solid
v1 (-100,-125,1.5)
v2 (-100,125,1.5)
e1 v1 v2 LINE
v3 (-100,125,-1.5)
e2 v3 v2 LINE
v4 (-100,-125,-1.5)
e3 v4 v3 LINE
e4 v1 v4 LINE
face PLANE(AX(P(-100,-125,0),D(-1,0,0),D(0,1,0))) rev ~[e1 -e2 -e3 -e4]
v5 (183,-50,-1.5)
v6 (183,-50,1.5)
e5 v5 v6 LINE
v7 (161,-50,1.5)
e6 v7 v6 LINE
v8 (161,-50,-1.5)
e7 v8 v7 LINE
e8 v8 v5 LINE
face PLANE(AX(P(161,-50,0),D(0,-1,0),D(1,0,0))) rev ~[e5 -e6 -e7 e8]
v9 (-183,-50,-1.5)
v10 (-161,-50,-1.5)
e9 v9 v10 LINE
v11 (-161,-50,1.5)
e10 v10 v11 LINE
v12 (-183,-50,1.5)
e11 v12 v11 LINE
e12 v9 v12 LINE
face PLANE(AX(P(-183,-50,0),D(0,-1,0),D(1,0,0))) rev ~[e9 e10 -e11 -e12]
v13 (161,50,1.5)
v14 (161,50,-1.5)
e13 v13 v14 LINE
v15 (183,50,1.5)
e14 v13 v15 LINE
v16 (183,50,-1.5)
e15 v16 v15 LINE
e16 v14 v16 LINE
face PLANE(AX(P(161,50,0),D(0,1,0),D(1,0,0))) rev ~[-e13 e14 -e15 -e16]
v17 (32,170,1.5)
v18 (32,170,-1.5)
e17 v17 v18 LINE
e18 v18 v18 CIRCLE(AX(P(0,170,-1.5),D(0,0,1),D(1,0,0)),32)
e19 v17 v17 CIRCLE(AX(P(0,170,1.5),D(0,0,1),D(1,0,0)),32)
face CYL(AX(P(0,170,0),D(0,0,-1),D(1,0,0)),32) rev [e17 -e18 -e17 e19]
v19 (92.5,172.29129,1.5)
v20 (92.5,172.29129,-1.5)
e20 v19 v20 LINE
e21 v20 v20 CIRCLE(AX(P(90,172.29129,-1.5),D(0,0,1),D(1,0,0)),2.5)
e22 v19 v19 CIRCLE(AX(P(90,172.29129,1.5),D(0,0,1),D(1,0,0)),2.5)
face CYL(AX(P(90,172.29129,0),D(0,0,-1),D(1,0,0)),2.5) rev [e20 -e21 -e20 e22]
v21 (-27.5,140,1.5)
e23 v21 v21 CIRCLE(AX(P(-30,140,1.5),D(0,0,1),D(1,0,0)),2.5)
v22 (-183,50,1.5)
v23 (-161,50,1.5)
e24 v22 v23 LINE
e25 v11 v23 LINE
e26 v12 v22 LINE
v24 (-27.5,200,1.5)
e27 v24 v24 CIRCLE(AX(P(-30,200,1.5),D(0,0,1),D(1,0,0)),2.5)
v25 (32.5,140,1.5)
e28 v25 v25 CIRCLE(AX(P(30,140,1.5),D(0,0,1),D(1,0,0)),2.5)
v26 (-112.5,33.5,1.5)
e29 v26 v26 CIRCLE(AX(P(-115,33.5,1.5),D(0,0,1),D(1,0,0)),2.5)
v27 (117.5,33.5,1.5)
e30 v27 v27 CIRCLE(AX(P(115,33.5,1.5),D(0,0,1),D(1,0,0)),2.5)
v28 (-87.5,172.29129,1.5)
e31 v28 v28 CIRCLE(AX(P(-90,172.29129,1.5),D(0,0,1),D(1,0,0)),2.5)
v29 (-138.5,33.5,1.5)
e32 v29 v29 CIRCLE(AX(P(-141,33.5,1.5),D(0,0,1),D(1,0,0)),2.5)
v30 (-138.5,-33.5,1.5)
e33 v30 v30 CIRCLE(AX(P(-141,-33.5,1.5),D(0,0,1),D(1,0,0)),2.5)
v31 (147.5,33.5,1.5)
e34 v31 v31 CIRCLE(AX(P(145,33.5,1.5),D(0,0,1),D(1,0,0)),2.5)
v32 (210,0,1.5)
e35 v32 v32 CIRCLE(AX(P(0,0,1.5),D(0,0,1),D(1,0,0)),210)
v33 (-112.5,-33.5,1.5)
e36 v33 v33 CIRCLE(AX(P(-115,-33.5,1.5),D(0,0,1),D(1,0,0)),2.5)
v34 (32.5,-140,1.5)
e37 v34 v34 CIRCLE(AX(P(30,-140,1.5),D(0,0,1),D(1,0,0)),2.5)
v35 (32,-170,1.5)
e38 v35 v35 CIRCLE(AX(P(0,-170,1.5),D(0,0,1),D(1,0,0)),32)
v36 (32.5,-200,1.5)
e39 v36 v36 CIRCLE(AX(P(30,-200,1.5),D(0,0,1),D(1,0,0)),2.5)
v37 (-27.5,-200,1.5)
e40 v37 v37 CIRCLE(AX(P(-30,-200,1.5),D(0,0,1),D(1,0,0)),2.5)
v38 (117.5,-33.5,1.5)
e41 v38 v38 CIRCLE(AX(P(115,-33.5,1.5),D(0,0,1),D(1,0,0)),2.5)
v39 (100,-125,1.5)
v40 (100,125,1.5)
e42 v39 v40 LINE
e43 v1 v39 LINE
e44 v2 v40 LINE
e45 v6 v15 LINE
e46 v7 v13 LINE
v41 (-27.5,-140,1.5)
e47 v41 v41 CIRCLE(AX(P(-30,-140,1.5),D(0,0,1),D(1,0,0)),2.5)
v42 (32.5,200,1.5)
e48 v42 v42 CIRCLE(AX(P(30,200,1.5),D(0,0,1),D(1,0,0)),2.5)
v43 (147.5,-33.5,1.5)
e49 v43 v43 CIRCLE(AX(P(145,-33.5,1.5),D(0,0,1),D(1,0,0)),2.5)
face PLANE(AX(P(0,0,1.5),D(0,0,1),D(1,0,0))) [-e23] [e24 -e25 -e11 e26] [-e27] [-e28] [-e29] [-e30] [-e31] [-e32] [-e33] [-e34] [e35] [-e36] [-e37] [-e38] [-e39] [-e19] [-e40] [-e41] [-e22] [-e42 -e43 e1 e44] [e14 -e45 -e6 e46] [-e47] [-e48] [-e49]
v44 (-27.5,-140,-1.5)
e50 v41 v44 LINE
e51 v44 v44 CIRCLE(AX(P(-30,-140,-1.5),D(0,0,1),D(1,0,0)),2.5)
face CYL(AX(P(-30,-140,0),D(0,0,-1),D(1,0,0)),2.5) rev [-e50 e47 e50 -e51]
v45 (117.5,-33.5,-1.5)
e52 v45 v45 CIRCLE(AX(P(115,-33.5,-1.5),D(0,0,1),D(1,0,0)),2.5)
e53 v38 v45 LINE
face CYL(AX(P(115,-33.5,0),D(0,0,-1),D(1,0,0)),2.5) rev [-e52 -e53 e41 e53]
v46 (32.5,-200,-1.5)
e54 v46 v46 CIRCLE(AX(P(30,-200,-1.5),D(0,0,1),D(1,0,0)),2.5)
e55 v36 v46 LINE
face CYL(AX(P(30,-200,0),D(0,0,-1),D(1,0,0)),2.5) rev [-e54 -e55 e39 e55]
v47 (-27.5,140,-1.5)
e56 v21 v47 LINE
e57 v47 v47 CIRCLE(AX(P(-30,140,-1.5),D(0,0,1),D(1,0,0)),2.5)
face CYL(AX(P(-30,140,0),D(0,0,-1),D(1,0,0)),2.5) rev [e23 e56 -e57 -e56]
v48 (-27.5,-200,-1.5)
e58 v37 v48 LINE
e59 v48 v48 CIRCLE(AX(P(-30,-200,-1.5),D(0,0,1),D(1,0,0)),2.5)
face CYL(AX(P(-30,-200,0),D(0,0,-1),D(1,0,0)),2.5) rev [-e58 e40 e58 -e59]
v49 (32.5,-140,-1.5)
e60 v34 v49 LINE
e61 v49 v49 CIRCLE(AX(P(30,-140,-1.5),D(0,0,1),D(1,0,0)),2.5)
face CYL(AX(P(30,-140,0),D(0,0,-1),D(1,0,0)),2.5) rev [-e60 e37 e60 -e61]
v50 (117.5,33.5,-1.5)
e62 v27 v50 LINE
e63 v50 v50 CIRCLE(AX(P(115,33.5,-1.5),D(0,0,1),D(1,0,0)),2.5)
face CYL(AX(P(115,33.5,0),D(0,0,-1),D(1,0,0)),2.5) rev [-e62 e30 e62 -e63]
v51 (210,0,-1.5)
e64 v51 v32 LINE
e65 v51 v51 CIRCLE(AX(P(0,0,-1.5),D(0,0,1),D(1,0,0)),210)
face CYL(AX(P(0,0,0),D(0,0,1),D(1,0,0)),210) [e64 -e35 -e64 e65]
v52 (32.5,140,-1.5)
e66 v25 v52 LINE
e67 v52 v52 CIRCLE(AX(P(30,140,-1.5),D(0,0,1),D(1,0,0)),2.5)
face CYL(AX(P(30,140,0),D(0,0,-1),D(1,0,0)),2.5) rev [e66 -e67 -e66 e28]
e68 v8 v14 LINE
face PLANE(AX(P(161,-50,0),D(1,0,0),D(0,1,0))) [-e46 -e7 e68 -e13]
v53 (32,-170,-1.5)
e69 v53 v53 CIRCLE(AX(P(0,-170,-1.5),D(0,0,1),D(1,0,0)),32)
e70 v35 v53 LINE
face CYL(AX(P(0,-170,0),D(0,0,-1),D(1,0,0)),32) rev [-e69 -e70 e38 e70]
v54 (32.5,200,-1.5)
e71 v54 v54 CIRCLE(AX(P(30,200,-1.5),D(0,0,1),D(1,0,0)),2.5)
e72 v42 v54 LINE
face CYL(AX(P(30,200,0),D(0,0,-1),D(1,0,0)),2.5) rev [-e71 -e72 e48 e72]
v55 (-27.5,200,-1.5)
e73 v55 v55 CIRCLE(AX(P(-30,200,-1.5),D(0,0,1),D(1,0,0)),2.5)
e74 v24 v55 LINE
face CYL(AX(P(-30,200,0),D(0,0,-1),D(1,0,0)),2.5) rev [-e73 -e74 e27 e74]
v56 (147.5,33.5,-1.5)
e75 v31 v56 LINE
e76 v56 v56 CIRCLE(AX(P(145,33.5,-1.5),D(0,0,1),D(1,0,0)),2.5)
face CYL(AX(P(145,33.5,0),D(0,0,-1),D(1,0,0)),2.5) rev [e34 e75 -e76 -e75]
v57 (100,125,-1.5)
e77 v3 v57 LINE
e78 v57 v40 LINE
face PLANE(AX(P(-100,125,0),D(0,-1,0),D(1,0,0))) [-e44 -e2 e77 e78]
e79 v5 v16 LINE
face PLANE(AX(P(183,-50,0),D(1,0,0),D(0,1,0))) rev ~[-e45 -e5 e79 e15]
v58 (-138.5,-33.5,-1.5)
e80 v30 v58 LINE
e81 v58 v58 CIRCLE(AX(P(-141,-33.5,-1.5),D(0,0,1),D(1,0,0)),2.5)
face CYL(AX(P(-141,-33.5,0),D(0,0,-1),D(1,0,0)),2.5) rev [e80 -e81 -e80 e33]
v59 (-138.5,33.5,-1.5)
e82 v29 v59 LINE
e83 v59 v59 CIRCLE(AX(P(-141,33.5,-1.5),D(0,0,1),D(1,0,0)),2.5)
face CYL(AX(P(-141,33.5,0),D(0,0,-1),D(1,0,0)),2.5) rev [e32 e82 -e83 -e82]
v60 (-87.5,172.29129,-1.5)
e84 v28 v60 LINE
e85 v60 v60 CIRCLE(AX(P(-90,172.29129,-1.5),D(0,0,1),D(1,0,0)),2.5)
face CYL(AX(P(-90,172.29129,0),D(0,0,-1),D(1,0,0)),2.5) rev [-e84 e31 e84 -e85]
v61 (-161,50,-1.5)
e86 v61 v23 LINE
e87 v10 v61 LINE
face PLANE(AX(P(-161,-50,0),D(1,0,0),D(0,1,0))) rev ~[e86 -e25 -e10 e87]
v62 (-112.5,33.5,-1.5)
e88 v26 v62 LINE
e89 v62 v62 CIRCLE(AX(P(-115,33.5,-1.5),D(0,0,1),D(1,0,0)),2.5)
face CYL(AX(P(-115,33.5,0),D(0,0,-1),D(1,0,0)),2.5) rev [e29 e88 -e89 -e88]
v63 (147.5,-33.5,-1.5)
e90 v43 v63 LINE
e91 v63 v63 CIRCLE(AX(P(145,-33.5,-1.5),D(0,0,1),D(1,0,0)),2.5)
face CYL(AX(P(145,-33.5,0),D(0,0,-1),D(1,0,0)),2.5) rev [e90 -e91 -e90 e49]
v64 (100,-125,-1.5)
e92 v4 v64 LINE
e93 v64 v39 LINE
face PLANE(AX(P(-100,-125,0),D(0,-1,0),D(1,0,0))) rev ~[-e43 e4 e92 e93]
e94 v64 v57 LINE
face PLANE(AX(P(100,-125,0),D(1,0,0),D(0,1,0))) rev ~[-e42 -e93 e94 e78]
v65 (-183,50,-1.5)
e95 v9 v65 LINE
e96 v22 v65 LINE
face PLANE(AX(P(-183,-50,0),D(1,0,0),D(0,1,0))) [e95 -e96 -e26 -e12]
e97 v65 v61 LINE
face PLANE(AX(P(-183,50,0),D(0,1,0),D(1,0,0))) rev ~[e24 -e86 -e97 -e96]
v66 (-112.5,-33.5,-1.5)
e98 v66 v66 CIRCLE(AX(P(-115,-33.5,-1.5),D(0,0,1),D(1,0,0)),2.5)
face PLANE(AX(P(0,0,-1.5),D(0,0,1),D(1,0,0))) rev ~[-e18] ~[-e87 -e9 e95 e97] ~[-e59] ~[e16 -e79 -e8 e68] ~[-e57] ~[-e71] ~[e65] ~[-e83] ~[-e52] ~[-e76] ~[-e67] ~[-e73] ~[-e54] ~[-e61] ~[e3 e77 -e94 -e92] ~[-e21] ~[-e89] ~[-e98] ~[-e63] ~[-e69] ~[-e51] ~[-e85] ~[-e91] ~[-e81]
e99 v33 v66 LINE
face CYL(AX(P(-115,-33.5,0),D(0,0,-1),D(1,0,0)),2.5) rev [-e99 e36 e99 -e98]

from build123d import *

# Parameters (mm, degrees)
SKETCH_R   = 210
SKETCH_R_2 = 32
SKETCH_R_3 = 2.5
SKETCH_W   = 22
SKETCH_H   = 100
SKETCH_W_2 = 200
SKETCH_H_2 = 250
PAD_DEPTH  = 1.5


with BuildPart() as part:
    # Sketch → Pad (new body, symmetric)
    with BuildSketch(Plane.XY):
        Circle(SKETCH_R)
        with Locations((0, 170)):
            Circle(SKETCH_R_2, mode=Mode.SUBTRACT)
        with Locations((0, -170)):
            Circle(SKETCH_R_2, mode=Mode.SUBTRACT)
        with Locations((-141, 33.5)):
            Circle(SKETCH_R_3, mode=Mode.SUBTRACT)
        with Locations((-141, -33.5)):
            Circle(SKETCH_R_3, mode=Mode.SUBTRACT)
        with Locations((-115, 33.5)):
            Circle(SKETCH_R_3, mode=Mode.SUBTRACT)
        with Locations((-115, -33.5)):
            Circle(SKETCH_R_3, mode=Mode.SUBTRACT)
        with Locations((115, 33.5)):
            Circle(SKETCH_R_3, mode=Mode.SUBTRACT)
        with Locations((115, -33.5)):
            Circle(SKETCH_R_3, mode=Mode.SUBTRACT)
        with Locations((145, 33.5)):
            Circle(SKETCH_R_3, mode=Mode.SUBTRACT)
        with Locations((145, -33.5)):
            Circle(SKETCH_R_3, mode=Mode.SUBTRACT)
        with Locations((-90, 172.29129)):
            Circle(SKETCH_R_3, mode=Mode.SUBTRACT)
        with Locations((90, 172.29129)):
            Circle(SKETCH_R_3, mode=Mode.SUBTRACT)
        with Locations((-30, 200)):
            Circle(SKETCH_R_3, mode=Mode.SUBTRACT)
        with Locations((30, 200)):
            Circle(SKETCH_R_3, mode=Mode.SUBTRACT)
        with Locations((-30, 140)):
            Circle(SKETCH_R_3, mode=Mode.SUBTRACT)
        with Locations((30, 140)):
            Circle(SKETCH_R_3, mode=Mode.SUBTRACT)
        with Locations((-30, -140)):
            Circle(SKETCH_R_3, mode=Mode.SUBTRACT)
        with Locations((30, -140)):
            Circle(SKETCH_R_3, mode=Mode.SUBTRACT)
        with Locations((-30, -200)):
            Circle(SKETCH_R_3, mode=Mode.SUBTRACT)
        with Locations((30, -200)):
            Circle(SKETCH_R_3, mode=Mode.SUBTRACT)
        with Locations((-172, 0)):
            Rectangle(SKETCH_W, SKETCH_H, mode=Mode.SUBTRACT)
        with Locations((172, 0)):
            Rectangle(SKETCH_W, SKETCH_H, mode=Mode.SUBTRACT)
        Rectangle(SKETCH_W_2, SKETCH_H_2, mode=Mode.SUBTRACT)
    extrude(amount=PAD_DEPTH, both=True)


solid = part.part
